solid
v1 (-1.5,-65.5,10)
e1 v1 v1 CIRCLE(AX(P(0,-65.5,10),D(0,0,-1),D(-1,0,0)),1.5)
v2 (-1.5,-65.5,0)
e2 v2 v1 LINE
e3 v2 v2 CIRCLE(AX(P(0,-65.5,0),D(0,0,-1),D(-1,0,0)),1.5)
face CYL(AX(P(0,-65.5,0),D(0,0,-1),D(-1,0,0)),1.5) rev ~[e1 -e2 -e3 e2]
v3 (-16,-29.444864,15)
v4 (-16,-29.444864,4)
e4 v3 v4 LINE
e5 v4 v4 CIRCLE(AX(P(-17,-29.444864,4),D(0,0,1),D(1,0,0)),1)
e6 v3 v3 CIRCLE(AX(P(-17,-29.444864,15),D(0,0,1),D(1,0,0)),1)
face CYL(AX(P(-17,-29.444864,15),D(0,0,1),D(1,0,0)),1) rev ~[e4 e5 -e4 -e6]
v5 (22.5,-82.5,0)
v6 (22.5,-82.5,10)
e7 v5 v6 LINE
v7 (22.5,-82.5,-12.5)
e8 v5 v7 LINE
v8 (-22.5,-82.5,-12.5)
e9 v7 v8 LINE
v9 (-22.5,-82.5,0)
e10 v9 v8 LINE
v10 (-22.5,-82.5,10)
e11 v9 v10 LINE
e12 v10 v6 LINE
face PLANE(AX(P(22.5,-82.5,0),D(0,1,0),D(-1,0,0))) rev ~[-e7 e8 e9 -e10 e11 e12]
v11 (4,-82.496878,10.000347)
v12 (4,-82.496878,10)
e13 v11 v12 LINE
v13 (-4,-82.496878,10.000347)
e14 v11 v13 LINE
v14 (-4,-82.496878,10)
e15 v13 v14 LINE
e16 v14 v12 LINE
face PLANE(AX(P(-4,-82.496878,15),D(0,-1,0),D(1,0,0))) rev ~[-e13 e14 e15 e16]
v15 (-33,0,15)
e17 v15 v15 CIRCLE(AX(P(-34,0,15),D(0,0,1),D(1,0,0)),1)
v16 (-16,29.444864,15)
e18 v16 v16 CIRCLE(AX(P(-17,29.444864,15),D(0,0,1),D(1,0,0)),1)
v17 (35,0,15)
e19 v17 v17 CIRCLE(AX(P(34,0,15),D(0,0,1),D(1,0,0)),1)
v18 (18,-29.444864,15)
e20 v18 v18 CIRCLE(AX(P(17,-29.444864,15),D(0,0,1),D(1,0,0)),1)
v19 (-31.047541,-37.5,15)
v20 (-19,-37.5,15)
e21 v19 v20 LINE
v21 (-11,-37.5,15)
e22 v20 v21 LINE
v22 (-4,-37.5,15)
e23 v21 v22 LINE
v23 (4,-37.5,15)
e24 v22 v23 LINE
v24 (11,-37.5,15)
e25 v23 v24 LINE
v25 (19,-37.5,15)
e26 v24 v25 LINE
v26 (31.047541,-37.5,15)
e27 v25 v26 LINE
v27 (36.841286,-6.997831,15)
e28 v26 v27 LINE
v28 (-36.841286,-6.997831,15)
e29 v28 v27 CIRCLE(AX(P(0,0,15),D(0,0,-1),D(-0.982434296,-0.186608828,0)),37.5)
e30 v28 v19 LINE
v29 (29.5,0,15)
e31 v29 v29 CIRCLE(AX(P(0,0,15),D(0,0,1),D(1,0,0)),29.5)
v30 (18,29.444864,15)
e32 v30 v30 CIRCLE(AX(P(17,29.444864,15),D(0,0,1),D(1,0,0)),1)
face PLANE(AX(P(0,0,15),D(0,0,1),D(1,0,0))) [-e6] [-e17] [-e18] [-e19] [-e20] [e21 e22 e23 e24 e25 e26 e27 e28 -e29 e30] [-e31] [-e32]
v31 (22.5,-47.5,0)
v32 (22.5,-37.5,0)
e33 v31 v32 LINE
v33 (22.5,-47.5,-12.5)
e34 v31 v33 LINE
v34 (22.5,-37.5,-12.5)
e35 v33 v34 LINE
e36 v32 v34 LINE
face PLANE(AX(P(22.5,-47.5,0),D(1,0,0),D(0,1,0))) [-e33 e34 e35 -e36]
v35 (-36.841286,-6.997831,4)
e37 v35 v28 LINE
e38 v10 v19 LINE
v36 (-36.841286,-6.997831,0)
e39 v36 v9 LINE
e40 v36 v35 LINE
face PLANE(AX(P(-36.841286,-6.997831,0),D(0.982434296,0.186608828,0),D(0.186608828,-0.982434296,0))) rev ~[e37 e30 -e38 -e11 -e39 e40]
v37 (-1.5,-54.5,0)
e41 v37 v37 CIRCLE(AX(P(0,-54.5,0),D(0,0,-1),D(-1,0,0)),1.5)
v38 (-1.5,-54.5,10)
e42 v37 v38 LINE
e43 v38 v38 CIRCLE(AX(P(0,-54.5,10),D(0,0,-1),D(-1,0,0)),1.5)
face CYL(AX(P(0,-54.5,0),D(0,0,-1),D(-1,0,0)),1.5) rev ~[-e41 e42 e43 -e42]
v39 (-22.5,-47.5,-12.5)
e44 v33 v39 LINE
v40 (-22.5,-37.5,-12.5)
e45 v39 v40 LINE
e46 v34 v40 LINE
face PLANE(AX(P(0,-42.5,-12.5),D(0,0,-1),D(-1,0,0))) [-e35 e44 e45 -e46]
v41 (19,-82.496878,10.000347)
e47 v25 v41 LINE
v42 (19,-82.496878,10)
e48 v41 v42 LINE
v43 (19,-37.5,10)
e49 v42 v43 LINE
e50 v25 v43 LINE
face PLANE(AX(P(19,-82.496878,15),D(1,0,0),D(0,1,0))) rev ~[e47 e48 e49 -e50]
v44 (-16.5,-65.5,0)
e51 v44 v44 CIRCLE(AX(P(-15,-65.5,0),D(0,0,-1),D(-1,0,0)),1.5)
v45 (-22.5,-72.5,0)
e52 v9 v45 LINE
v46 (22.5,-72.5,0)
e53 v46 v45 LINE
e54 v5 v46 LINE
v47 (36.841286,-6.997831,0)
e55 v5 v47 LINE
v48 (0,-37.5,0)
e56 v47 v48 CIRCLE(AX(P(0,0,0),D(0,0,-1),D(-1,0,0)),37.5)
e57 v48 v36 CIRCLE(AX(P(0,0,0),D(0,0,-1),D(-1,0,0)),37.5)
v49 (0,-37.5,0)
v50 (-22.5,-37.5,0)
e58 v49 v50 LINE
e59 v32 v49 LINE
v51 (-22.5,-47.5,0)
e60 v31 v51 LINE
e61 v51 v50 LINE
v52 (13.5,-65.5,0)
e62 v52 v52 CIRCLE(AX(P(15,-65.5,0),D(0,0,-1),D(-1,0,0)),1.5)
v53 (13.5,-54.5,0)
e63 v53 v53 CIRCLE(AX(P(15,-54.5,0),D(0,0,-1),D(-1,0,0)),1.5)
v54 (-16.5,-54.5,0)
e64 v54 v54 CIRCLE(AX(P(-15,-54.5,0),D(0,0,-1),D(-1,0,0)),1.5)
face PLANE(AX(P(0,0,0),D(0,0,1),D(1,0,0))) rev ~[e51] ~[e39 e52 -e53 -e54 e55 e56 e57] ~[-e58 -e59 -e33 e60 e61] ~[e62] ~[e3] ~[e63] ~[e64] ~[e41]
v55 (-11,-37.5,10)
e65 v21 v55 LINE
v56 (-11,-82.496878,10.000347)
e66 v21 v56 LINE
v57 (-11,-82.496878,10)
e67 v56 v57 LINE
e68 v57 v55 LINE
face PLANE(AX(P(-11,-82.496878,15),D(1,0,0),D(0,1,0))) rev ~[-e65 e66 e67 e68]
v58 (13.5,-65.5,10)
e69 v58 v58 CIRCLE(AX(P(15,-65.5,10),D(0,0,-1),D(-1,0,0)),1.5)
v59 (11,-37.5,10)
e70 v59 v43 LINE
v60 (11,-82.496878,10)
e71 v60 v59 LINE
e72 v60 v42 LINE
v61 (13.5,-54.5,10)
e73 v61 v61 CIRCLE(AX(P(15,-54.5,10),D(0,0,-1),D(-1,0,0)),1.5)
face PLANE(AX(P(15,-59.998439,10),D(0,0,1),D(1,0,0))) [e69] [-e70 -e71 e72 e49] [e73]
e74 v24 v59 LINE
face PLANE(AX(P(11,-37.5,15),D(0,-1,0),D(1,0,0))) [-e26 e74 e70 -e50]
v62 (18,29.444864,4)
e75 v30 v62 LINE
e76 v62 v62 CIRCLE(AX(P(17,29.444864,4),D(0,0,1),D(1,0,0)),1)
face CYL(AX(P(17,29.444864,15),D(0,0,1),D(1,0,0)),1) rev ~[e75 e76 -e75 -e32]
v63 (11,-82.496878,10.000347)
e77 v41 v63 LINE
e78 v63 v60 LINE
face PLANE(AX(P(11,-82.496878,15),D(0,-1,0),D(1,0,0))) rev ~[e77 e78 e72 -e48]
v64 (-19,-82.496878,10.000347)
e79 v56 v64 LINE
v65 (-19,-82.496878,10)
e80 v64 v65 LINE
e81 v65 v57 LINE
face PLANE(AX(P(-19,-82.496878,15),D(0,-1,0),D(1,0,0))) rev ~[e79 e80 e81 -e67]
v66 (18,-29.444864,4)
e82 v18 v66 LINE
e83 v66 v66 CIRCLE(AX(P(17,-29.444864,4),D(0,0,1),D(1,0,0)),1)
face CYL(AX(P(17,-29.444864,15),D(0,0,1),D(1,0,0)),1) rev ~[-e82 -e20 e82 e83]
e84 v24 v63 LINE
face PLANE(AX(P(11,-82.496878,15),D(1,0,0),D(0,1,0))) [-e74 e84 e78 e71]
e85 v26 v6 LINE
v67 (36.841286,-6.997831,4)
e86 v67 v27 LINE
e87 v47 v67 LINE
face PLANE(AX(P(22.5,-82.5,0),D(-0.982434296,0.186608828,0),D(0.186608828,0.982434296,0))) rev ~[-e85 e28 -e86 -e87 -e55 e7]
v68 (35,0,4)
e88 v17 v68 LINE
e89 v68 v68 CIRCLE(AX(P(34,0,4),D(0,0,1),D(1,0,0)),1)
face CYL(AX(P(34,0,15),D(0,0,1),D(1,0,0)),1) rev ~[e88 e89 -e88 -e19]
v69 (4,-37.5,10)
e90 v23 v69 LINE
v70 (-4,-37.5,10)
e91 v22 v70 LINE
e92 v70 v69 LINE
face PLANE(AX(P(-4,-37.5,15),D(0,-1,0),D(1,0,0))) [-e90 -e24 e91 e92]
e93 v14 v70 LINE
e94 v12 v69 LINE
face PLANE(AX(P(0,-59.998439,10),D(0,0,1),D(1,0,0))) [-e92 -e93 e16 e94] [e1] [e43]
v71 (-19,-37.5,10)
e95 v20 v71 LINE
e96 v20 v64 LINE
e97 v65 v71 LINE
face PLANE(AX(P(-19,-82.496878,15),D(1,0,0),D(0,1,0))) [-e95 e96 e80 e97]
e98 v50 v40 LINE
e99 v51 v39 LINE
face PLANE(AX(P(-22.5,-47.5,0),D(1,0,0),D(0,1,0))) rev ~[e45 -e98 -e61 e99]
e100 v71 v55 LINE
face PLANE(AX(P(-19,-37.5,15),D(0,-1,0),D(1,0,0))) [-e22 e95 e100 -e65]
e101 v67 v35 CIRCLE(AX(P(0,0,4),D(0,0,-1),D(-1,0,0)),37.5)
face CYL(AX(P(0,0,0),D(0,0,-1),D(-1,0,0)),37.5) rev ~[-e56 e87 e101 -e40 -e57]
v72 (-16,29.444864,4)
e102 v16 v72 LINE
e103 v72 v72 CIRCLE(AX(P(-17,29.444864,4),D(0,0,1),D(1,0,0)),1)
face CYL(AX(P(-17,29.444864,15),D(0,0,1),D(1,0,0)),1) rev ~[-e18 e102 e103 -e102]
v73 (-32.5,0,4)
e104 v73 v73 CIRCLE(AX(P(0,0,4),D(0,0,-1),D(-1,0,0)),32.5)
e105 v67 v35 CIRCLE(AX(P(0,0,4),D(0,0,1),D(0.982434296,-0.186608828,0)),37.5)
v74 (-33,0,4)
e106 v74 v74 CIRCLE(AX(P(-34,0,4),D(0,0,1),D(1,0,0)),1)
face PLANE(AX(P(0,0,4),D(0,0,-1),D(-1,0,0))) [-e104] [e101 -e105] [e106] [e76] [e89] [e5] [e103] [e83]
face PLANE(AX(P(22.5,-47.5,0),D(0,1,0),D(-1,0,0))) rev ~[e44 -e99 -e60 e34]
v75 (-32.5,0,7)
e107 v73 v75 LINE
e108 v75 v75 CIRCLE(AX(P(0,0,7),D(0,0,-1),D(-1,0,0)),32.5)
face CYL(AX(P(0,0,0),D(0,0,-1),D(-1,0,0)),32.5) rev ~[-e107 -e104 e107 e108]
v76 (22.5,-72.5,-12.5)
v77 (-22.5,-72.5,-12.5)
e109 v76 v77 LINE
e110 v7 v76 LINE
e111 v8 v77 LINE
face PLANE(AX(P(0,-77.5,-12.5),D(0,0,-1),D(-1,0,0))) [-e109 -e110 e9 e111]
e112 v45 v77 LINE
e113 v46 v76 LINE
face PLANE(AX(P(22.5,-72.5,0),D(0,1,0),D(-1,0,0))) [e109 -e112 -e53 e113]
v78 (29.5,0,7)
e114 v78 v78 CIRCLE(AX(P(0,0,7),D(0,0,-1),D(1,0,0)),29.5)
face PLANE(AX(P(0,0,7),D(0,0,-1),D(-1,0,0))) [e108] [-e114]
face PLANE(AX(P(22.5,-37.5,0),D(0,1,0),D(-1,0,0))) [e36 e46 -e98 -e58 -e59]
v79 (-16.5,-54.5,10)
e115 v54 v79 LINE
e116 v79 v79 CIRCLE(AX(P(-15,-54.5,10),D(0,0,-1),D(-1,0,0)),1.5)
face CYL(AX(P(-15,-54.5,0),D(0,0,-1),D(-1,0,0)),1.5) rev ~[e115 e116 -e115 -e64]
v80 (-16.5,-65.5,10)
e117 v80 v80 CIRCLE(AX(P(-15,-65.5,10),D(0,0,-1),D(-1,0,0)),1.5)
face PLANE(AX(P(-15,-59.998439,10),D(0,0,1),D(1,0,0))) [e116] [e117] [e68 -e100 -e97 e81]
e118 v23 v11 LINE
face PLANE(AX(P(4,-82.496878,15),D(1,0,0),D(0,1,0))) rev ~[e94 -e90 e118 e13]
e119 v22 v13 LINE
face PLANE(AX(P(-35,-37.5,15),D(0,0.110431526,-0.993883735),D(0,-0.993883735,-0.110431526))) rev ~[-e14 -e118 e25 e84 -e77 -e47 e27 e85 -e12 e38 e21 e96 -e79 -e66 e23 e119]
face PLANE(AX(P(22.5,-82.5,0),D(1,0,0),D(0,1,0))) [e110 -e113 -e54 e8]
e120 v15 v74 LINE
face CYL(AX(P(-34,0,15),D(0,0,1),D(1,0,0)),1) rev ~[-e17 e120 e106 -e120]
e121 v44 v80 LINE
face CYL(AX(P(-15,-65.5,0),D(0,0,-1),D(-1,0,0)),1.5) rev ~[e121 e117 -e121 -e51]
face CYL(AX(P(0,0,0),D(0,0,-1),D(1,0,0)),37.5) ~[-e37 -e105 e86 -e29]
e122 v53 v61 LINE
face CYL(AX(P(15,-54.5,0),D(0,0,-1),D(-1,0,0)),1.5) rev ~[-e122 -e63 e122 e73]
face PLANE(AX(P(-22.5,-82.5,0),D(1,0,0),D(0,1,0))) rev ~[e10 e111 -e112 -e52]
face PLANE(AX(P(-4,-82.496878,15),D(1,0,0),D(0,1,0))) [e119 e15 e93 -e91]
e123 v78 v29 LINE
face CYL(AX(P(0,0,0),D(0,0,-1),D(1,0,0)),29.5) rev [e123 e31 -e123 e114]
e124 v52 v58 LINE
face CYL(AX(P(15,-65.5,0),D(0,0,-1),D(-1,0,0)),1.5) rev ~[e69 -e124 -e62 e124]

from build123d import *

# Parameters (mm, degrees)
SKETCH1_R               = 37.5
SKETCH1_R_2             = 29.5
BOSS_EXTRUDE1_DEPTH     = 15
SKETCH2_R               = 32.5
SKETCH2_R_2             = 27.5
CUT_EXTRUDE1_DEPTH      = 7
SKETCH9_R               = 1
CUT_EXTRUDE5_DEPTH      = 15
SKETCH10_R              = 37.5
CUT_EXTRUDE6_DEPTH      = 4
SKETCH7_W               = 45
SKETCH7_H               = 10
BOSS_EXTRUDE3_DEPTH     = 12.5
SKETCH12_R              = 1.5
CUT_EXTRUDE8_DEPTH      = 15
CUT_EXTRUDE9_DEPTH      = 35
CUT_EXTRUDE9_DEPTH_BACK = 35
SKETCH14_W              = 8
SKETCH14_H              = 44.996878368
CUT_EXTRUDE10_DEPTH     = 5


with BuildPart() as part:
    # Sketch1 → Boss-Extrude1 (new body)
    # profile 1 of 2: a face of its own
    with BuildSketch(Plane.XY):
        Circle(SKETCH1_R)
        Circle(SKETCH1_R_2, mode=Mode.SUBTRACT)
    # profile 2 of 2: a face of its own
    with BuildSketch(Plane.XY):
        with BuildLine():
            Line((-22.5, -82.5), (22.5, -82.5))
            Line((22.5, -82.5), (36.841286084, -6.997831068))
            ThreePointArc((36.841286084, -6.997831068), (0, -37.5), (-36.841286084, -6.997831068))
            Line((-36.841286084, -6.997831068), (-22.5, -82.5))
        make_face()
    extrude(amount=BOSS_EXTRUDE1_DEPTH)

    # Sketch2 → Cut-Extrude1 (cut)
    with BuildSketch(Plane(origin=(0, 0, 0), x_dir=(-1, 0, 0), z_dir=(0, 0, -1))):
        Circle(SKETCH2_R)
        Circle(SKETCH2_R_2, mode=Mode.SUBTRACT)
    extrude(amount=-CUT_EXTRUDE1_DEPTH, mode=Mode.SUBTRACT)

    # Sketch9 → Cut-Extrude5 (cut)
    with BuildSketch(Plane.XY.offset(15)):
        with Locations((17, 29.444863729)):
            Circle(SKETCH9_R)
        with Locations((34, 0)):
            Circle(SKETCH9_R)
        with Locations((17, -29.444863729)):
            Circle(SKETCH9_R)
        with Locations((-17, -29.444863729)):
            Circle(SKETCH9_R)
        with Locations((-34, 0)):
            Circle(SKETCH9_R)
        with Locations((-17, 29.444863729)):
            Circle(SKETCH9_R)
    extrude(amount=-CUT_EXTRUDE5_DEPTH, mode=Mode.SUBTRACT)

    # Sketch10 → Cut-Extrude6 (cut)
    with BuildSketch(Plane(origin=(0, 0, 0), x_dir=(-1, 0, 0), z_dir=(0, 0, -1))):
        Circle(SKETCH10_R)
    extrude(amount=-CUT_EXTRUDE6_DEPTH, mode=Mode.SUBTRACT)

    # Sketch7 → Boss-Extrude3 (add)
    with BuildSketch(Plane(origin=(0, 0, 0), x_dir=(-1, 0, 0), z_dir=(0, 0, -1))):
        with Locations((0, -77.5)):
            Rectangle(SKETCH7_W, SKETCH7_H)
        with Locations((0, -42.5)):
            Rectangle(SKETCH7_W, SKETCH7_H)
    extrude(amount=BOSS_EXTRUDE3_DEPTH)

    # Sketch12 → Cut-Extrude8 (cut)
    with BuildSketch(Plane(origin=(0, 0, 0), x_dir=(-1, 0, 0), z_dir=(0, 0, -1))):
        with Locations((-15, -54.5)):
            Circle(SKETCH12_R)
        with Locations((0, -54.5)):
            Circle(SKETCH12_R)
        with Locations((15, -54.5)):
            Circle(SKETCH12_R)
        with Locations((-15, -65.5)):
            Circle(SKETCH12_R)
        with Locations((0, -65.5)):
            Circle(SKETCH12_R)
        with Locations((15, -65.5)):
            Circle(SKETCH12_R)
    extrude(amount=-CUT_EXTRUDE8_DEPTH, mode=Mode.SUBTRACT)

    # Sketch13 → Cut-Extrude9 (cut, two sides: drawn at the far end of the back side and taken through both)
    with BuildSketch(Plane(origin=(0, 0, 0), x_dir=(0, 0, -1), z_dir=(1, 0, 0)).offset(-CUT_EXTRUDE9_DEPTH_BACK)):
        Polygon((-15, -82.5), (-15, -37.5), (-10, -82.5), align=None)
    extrude(amount=CUT_EXTRUDE9_DEPTH + CUT_EXTRUDE9_DEPTH_BACK, mode=Mode.SUBTRACT)

    # Sketch14 → Cut-Extrude10 (cut)
    with BuildSketch(Plane.XY.offset(15)):
        with Locations((-15, -59.998439184)):
            Rectangle(SKETCH14_W, SKETCH14_H)
        with Locations((15, -59.998439184)):
            Rectangle(SKETCH14_W, SKETCH14_H)
        with Locations((0, -59.998439184)):
            Rectangle(SKETCH14_W, SKETCH14_H)
    extrude(amount=-CUT_EXTRUDE10_DEPTH, mode=Mode.SUBTRACT)


solid = part.part
